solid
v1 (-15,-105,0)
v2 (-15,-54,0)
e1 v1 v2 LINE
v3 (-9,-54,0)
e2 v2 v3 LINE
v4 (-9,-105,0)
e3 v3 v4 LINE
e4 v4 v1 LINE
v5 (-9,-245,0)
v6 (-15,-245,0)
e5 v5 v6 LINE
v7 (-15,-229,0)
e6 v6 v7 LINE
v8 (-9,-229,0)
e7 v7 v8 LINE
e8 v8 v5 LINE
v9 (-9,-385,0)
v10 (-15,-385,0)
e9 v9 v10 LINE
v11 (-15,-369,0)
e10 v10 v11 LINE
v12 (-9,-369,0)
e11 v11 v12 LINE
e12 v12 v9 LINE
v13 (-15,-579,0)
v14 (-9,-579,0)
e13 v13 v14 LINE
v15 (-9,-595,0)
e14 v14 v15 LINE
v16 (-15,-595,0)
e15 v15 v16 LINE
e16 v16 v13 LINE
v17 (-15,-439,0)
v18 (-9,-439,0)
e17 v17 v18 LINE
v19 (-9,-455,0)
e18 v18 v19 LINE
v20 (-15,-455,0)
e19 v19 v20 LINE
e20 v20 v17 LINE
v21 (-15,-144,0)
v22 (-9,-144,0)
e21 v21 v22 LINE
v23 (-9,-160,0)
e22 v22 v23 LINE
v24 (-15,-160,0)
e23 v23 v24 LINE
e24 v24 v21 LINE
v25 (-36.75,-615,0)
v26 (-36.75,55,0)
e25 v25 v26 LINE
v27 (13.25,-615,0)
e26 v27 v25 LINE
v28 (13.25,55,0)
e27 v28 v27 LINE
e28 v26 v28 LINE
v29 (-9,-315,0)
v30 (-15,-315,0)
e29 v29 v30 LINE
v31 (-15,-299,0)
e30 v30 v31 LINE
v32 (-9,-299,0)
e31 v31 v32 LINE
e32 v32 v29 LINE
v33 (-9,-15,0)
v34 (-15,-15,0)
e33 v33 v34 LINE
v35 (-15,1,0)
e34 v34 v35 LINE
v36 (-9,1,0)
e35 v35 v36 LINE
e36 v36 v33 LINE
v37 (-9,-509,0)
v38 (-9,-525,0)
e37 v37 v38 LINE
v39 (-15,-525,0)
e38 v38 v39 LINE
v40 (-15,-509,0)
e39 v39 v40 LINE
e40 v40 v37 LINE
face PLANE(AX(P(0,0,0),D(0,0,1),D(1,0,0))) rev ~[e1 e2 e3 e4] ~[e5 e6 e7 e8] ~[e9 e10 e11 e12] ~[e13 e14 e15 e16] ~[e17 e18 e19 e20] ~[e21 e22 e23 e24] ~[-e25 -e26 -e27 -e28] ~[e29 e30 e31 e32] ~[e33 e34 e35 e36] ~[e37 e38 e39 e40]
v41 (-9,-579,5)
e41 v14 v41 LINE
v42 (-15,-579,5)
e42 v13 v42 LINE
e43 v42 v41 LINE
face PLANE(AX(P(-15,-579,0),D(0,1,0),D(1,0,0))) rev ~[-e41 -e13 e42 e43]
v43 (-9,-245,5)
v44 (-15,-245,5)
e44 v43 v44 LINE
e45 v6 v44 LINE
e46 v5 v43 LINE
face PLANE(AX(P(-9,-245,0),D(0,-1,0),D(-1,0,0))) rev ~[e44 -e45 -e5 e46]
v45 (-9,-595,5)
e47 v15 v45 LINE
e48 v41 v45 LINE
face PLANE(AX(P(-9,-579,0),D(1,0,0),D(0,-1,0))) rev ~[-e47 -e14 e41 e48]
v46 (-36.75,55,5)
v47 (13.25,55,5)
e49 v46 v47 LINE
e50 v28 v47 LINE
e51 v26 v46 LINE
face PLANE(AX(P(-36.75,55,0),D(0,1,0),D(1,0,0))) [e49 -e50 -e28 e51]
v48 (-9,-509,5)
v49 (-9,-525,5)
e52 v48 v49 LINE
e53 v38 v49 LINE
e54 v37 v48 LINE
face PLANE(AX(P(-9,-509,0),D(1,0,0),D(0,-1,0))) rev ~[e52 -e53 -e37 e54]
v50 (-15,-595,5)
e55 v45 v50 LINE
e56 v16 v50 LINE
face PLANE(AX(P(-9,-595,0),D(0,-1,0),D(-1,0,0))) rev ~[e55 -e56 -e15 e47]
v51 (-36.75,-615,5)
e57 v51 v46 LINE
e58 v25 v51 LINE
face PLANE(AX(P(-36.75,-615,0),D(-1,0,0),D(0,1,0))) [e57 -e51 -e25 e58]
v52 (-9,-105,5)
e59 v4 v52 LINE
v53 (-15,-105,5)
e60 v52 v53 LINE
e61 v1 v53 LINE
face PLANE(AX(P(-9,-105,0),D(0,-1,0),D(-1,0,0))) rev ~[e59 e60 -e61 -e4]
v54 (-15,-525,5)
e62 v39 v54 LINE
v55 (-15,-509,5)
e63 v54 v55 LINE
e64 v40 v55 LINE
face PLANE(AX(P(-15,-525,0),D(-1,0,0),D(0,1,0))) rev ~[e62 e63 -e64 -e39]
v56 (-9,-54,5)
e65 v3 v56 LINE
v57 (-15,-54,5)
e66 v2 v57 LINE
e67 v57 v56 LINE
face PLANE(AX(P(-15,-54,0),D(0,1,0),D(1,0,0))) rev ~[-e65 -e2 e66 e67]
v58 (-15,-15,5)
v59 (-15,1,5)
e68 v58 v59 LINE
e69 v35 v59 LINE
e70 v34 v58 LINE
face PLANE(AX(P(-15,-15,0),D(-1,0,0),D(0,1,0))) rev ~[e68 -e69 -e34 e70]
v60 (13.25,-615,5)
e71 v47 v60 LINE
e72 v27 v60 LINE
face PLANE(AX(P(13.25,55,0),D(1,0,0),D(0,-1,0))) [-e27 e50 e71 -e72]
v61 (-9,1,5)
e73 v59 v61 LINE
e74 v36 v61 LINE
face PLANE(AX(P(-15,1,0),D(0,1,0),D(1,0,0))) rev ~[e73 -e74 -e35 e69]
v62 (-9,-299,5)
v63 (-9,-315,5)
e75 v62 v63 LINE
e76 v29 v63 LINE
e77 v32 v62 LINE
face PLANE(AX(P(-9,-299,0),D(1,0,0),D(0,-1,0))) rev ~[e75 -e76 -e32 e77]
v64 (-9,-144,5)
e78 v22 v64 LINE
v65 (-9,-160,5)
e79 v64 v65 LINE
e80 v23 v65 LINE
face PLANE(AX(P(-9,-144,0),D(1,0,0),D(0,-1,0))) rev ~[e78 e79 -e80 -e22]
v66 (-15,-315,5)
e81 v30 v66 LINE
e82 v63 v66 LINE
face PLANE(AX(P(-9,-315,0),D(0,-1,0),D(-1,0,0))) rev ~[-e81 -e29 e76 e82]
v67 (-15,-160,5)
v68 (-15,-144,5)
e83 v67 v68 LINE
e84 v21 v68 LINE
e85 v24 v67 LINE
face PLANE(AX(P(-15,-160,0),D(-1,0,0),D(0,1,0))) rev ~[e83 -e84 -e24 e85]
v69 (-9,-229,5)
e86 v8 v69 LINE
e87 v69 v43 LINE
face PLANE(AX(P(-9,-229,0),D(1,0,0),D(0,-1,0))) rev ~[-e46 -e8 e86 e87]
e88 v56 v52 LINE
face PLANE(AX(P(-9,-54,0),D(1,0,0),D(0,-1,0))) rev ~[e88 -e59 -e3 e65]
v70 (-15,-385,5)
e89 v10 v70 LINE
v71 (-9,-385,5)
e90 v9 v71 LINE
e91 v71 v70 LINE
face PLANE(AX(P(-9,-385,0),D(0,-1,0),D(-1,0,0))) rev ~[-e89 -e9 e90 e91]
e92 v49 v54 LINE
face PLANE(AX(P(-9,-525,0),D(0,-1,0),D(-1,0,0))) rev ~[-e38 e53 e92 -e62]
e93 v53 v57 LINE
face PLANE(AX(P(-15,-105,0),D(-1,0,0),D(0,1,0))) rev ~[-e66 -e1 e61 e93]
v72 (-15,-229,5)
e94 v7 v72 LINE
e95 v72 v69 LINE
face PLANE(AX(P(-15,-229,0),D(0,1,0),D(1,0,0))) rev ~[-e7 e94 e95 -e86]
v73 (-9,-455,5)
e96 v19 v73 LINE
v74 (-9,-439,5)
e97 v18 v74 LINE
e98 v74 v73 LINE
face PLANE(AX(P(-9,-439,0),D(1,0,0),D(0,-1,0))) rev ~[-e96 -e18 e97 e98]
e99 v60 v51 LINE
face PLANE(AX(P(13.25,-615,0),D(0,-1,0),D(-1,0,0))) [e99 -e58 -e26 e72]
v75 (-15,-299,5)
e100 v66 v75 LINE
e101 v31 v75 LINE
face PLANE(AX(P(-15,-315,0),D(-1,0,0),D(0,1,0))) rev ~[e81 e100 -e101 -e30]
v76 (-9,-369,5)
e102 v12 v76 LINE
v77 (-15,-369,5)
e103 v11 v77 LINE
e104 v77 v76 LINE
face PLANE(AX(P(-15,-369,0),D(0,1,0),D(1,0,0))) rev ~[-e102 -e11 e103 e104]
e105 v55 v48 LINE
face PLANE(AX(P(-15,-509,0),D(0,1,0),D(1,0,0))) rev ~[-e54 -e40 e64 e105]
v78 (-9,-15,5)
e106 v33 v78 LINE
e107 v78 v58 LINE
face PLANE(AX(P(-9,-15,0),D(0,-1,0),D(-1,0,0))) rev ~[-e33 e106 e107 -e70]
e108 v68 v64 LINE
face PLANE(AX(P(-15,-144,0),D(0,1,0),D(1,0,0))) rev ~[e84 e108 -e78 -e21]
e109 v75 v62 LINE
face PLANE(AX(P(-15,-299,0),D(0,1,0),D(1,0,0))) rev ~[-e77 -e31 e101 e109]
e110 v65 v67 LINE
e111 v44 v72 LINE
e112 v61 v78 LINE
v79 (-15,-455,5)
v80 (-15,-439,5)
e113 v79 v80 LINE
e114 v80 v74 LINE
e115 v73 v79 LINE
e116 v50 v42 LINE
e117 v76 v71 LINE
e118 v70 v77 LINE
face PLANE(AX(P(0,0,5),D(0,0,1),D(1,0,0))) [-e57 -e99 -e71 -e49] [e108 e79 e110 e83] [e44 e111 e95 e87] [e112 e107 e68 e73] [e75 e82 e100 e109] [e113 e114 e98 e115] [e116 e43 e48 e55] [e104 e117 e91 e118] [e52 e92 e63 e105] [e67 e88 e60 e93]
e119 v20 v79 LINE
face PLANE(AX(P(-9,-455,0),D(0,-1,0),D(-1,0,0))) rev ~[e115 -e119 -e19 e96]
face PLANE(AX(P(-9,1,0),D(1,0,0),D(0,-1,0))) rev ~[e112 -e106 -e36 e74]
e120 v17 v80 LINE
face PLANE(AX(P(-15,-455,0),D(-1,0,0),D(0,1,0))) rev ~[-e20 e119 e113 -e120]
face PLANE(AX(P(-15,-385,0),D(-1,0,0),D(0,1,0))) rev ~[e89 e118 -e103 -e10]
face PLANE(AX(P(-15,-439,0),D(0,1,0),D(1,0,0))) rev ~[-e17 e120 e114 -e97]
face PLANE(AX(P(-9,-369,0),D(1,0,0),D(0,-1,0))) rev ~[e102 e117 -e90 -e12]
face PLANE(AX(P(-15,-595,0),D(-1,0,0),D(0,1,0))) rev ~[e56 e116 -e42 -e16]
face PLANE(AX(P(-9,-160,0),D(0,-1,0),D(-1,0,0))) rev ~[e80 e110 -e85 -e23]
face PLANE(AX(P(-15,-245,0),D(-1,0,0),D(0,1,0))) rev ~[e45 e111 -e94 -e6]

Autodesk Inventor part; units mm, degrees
ref_plane "YZ Plane" through (0, 0, 0) normal (1, 0, 0) x (0, 1, 0)
ref_plane "XZ Plane" through (0, 0, 0) normal (0, 1, 0) x (-1, 0, 0)
ref_plane "XY Plane" through (0, 0, 0) normal (0, 0, 1) x (1, 0, 0)
sketch "Szkic1" plane through (0, 0, 0) normal (0, 0, 1) x (1, 0, 0)
  line L0 (-36.75, 55) -> (13.25, 55)
  line L1 (13.25, 55) -> (13.25, -615)
  line L2 (13.25, -615) -> (-36.75, -615)
  line L3 (-36.75, -615) -> (-36.75, 55)
  line L4 (-15, -579) -> (-9, -579)
  line L5 (-9, -579) -> (-9, -595)
  line L6 (-9, -595) -> (-15, -595)
  line L7 (-15, -595) -> (-15, -579)
  line L8 (-15, -509) -> (-9, -509)
  line L9 (-9, -509) -> (-9, -525)
  line L10 (-9, -525) -> (-15, -525)
  line L11 (-15, -525) -> (-15, -509)
  line L12 (-15, -439) -> (-9, -439)
  line L13 (-9, -439) -> (-9, -455)
  line L14 (-9, -455) -> (-15, -455)
  line L15 (-15, -455) -> (-15, -439)
  line L16 (-15, -369) -> (-9, -369)
  line L17 (-9, -369) -> (-9, -385)
  line L18 (-9, -385) -> (-15, -385)
  line L19 (-15, -385) -> (-15, -369)
  line L20 (-15, -299) -> (-9, -299)
  line L21 (-9, -299) -> (-9, -315)
  line L22 (-9, -315) -> (-15, -315)
  line L23 (-15, -315) -> (-15, -299)
  line L24 (-15, -229) -> (-9, -229)
  line L25 (-9, -229) -> (-9, -245)
  line L26 (-9, -245) -> (-15, -245)
  line L27 (-15, -245) -> (-15, -229)
  line L28 (-15, -144) -> (-9, -144)
  line L29 (-9, -144) -> (-9, -160)
  line L30 (-9, -160) -> (-15, -160)
  line L31 (-15, -160) -> (-15, -144)
  line L32 (-15, -54) -> (-9, -54)
  line L33 (-9, -54) -> (-9, -105)
  line L34 (-9, -105) -> (-15, -105)
  line L35 (-15, -105) -> (-15, -54)
  line L36 (-9, -15) -> (-15, -15)
  line L37 (-15, -15) -> (-15, 1)
  line L38 (-15, 1) -> (-9, 1)
  line L39 (-9, 1) -> (-9, -15)
  point P0 (0, 0)
  point P1 (-9, -152)
  point P2 (-9, -7)
  point P3 (-9, -79.5)
  dimension "d0" = 50
  dimension "d1" = 670
  dimension "d2" = 6
  dimension "d3" = 16
  dimension "d4" = 22.25
  dimension "d5" = 20
  dimension "d8" = 70
  dimension "d13" = 16
  dimension "d14" = 6
  dimension "d16" = 69
  dimension "d20" = 6
  dimension "d21" = 51
  dimension "d26" = 39
  dimension "d27" = 6
  dimension "d28" = 16
  dimension "d29" = 39
extrude "Wyciągnięcie proste1" add sketch "Szkic1" along normal blind 5
equation "\"d29\" = d26"
properties part number "poprz_teownik"
